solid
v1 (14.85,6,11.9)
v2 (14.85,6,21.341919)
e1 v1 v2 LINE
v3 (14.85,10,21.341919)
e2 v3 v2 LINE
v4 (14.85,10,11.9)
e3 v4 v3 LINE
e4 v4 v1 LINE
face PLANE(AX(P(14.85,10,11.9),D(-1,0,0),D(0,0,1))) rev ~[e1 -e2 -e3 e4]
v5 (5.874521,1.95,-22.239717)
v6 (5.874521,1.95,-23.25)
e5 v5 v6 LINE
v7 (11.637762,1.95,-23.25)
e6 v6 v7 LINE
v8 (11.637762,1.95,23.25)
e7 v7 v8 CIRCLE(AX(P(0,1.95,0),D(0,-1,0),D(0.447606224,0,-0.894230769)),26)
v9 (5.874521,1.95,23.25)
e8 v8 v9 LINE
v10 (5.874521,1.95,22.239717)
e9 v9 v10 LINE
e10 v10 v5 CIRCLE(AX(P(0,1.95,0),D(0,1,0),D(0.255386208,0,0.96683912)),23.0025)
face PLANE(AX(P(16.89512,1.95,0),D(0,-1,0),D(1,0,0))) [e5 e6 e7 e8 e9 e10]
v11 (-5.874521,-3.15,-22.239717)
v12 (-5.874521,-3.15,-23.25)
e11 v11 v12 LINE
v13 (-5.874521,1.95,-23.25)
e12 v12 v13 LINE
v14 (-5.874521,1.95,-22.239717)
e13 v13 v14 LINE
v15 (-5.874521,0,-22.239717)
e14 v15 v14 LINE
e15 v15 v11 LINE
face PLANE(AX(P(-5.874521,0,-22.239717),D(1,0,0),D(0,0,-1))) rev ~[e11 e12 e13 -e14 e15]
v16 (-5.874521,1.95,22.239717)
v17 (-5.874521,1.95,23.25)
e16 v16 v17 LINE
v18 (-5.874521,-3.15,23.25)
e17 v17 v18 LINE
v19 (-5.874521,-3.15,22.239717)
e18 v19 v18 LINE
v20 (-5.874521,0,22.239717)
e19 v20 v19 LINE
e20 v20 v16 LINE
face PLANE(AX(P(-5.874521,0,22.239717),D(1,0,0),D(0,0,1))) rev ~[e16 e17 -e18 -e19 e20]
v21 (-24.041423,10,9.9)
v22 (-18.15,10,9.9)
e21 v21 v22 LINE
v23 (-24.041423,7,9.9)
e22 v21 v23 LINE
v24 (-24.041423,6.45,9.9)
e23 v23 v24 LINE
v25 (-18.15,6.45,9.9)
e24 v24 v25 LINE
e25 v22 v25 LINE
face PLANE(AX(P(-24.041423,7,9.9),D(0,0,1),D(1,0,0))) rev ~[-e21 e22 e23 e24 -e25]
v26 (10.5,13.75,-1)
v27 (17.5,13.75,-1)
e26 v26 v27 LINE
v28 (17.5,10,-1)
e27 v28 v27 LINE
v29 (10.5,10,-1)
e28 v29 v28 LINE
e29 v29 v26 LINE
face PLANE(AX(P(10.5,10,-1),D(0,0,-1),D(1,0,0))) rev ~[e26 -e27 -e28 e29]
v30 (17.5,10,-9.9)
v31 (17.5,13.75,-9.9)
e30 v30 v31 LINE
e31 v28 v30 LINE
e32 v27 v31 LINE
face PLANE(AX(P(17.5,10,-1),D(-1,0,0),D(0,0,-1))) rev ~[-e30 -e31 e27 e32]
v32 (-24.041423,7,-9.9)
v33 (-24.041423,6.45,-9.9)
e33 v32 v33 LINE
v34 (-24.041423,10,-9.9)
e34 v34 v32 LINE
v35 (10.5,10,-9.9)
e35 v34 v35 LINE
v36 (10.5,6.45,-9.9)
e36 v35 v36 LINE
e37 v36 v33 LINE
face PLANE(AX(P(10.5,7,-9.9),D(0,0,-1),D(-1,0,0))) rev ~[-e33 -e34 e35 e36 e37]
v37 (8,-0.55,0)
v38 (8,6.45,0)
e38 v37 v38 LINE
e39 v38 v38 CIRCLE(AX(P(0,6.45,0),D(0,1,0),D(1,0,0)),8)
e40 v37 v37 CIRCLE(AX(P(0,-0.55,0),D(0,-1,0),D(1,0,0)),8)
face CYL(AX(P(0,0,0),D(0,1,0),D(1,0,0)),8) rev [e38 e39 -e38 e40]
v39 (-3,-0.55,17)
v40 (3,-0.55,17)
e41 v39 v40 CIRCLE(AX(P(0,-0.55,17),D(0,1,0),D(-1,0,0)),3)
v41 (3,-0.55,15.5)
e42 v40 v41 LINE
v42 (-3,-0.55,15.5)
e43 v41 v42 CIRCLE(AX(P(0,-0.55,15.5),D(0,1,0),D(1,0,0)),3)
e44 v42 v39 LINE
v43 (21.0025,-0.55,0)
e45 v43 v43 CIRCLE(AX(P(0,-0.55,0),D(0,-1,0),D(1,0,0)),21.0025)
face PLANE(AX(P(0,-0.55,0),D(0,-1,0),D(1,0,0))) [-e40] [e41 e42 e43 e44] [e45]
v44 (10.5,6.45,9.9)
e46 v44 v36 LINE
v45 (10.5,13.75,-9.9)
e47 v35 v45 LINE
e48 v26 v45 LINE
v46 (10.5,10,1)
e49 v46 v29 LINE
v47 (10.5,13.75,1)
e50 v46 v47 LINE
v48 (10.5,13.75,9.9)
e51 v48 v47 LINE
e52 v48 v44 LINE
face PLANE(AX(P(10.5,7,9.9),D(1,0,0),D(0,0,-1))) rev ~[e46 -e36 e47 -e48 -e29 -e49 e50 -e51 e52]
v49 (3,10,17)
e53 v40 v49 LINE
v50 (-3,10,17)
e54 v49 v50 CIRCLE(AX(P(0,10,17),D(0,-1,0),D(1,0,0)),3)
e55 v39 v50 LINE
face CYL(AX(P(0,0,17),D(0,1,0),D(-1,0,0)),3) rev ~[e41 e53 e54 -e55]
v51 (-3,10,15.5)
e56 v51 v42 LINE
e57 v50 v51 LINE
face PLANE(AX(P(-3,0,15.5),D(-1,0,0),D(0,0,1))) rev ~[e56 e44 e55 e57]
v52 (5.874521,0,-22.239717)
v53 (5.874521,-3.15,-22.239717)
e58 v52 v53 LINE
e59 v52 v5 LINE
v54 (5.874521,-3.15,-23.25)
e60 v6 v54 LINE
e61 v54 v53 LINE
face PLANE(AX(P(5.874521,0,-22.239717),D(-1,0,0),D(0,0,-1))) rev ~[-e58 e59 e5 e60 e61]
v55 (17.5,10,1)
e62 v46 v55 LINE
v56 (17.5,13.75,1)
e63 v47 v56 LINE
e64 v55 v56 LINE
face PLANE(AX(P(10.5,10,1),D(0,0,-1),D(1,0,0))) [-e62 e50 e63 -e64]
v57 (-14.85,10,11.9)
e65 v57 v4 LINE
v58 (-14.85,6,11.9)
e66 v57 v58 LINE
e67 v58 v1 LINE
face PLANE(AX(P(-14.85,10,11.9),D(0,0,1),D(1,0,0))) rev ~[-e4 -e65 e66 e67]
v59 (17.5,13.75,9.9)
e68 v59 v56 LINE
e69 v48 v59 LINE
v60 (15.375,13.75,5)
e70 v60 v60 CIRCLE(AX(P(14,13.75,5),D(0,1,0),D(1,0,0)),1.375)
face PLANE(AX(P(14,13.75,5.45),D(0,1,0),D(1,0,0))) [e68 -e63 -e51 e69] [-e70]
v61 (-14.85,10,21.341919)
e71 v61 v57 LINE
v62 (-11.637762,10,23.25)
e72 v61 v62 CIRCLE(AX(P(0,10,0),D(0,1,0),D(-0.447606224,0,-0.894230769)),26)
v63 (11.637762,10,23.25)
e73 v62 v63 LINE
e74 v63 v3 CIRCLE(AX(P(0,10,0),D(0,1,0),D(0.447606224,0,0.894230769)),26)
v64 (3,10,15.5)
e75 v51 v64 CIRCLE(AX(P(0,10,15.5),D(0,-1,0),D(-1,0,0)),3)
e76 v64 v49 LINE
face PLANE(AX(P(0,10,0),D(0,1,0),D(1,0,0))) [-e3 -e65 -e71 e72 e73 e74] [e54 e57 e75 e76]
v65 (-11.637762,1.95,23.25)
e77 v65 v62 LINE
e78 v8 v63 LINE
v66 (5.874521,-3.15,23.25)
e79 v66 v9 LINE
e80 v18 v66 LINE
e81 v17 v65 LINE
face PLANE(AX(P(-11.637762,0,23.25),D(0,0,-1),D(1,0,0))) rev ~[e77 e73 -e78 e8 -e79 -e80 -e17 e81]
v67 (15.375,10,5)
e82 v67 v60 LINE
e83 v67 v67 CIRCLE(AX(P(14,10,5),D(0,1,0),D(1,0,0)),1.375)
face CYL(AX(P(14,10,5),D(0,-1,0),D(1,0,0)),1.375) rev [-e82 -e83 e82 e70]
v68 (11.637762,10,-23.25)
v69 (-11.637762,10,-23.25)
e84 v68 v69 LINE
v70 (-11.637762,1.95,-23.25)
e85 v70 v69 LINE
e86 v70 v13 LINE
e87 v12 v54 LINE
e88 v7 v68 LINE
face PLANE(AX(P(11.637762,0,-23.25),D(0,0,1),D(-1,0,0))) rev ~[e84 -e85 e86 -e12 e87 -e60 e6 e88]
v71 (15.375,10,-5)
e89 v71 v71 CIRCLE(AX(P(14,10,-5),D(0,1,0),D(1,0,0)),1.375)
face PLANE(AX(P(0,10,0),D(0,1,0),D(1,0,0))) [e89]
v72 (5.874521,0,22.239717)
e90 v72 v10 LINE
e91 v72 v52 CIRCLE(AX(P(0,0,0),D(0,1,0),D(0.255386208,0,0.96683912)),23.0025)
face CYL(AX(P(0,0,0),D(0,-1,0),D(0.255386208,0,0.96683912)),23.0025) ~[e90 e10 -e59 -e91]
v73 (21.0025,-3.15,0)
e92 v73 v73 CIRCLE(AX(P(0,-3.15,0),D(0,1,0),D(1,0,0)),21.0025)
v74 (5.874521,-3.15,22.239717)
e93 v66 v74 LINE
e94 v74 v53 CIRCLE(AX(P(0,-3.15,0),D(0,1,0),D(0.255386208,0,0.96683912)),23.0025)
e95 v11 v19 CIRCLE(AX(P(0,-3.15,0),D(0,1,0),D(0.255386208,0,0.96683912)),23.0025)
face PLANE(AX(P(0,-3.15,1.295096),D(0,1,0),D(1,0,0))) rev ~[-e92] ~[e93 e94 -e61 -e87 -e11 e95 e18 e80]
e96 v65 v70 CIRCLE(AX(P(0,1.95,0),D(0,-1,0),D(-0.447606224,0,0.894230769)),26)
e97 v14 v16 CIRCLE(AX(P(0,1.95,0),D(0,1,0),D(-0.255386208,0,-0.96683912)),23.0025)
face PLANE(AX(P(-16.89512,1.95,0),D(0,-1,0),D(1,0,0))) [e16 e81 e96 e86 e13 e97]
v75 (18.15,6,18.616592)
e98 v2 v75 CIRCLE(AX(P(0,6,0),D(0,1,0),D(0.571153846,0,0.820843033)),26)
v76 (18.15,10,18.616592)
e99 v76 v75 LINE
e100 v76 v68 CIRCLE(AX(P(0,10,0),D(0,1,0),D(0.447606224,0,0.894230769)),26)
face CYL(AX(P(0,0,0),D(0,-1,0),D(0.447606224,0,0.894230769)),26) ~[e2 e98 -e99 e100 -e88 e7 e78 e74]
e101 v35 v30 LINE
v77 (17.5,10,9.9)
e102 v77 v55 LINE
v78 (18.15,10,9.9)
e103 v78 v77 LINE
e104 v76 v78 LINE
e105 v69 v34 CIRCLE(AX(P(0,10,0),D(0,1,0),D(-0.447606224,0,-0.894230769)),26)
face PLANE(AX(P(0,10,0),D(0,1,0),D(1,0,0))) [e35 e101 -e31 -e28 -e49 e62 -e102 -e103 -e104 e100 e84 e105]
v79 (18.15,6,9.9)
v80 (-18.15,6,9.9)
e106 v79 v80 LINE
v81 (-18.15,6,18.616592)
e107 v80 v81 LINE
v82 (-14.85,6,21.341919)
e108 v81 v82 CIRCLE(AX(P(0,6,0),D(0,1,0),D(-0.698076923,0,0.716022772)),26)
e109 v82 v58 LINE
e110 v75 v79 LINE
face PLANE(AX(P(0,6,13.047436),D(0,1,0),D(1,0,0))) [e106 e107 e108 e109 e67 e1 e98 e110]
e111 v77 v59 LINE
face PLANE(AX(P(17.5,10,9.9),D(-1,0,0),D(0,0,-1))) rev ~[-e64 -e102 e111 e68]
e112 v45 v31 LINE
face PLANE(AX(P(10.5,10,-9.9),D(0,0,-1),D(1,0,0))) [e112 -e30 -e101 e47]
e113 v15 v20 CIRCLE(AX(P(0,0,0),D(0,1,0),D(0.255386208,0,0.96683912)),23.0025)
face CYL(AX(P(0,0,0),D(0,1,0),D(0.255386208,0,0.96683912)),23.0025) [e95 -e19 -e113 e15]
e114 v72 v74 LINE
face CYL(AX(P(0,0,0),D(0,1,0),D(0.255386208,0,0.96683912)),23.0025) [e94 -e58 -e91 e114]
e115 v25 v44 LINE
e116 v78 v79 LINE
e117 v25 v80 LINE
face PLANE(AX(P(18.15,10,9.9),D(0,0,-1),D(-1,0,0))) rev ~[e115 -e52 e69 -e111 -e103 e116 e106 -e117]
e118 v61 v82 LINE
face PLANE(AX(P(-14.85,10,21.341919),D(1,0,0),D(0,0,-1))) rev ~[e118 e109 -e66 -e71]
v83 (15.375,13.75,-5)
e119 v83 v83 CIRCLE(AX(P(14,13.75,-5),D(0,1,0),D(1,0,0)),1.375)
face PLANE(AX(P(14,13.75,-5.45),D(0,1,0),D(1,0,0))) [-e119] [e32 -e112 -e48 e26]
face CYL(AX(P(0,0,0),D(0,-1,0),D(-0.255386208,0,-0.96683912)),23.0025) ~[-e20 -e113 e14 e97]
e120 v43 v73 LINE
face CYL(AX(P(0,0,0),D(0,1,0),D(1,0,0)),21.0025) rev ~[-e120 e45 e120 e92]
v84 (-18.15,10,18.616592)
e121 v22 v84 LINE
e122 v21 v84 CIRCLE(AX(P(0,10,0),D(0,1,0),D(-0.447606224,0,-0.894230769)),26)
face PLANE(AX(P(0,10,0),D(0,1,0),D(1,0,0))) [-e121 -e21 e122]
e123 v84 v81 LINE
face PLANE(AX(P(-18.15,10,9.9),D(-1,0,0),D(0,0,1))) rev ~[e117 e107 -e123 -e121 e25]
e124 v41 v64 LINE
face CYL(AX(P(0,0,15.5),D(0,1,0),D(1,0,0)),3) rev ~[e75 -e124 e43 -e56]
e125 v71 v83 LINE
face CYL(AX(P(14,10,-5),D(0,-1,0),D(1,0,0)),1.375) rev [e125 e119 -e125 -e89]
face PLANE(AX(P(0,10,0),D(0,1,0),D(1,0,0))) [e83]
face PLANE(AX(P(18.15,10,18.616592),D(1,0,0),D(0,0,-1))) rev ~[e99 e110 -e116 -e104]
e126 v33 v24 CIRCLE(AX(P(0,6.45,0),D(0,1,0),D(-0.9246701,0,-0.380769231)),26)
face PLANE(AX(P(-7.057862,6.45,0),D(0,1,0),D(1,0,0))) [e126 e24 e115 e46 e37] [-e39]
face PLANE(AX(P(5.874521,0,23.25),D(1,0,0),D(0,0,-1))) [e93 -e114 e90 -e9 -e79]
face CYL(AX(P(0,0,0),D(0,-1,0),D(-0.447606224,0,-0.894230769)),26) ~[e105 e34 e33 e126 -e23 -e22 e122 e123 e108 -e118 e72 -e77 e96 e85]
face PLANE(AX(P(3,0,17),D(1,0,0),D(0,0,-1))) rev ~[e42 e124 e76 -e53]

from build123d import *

# Parameters (mm, degrees)
SKETCH1_R           = 8
BOSS_EXTRUDE1_DEPTH = 10
SKETCH1_3_R         = 21.0025
BOSS_EXTRUDE2_DEPTH = 3.15
CUT_EXTRUDE1_DEPTH  = 4
SKETCH3_W           = 36.5
SKETCH3_H           = 19.8
CUT_EXTRUDE2_DEPTH  = 3
SKETCH4_W           = 7
SKETCH4_H           = 8.9
SKETCH4_R           = 1.375
BOSS_EXTRUDE3_DEPTH = 4.3
BOSS_EXTRUDE4_DEPTH = 3.15
CUT_EXTRUDE4_DEPTH  = 1.95
SKETCH9_R           = 21.0025
SKETCH9_R_2         = 8
BOSS_EXTRUDE8_DEPTH = 0.55
SKETCH10_R          = 8
CUT_EXTRUDE5_DEPTH  = 0.55
SKETCH11_W          = 7
SKETCH11_H          = 8.9
SKETCH11_R          = 1.375
CUT_EXTRUDE6_DEPTH  = 0.55


with BuildPart() as part:
    # Sketch1 → Boss-Extrude1 (new body)
    with BuildSketch(Plane(origin=(0, 0, 0), x_dir=(1, 0, 0), z_dir=(0, 1, 0))):
        with BuildLine():
            ThreePointArc((-11.637761812, 23.25), (-26, 0), (-11.637761812, -23.25))
            Line((-11.637761812, -23.25), (11.637761812, -23.25))
            ThreePointArc((11.637761812, -23.25), (26, 0), (11.637761812, 23.25))
            Line((11.637761812, 23.25), (-11.637761812, 23.25))
        make_face()
        Circle(SKETCH1_R, mode=Mode.SUBTRACT)
        with BuildLine():
            ThreePointArc((-3, -15.5), (0, -12.5), (3, -15.5))
            Line((3, -15.5), (3, -17))
            ThreePointArc((3, -17), (0, -20), (-3, -17))
            Line((-3, -17), (-3, -15.5))
        make_face(mode=Mode.SUBTRACT)
    extrude(amount=BOSS_EXTRUDE1_DEPTH)

    # Sketch1_3 → Boss-Extrude2 (add)
    with BuildSketch(Plane(origin=(0, 0, 0), x_dir=(1, 0, 0), z_dir=(0, 1, 0))):
        with BuildLine():
            Line((-5.874521255, -22.239716866), (-5.874521255, -23.25))
            Line((-5.874521255, -23.25), (5.874521255, -23.25))
            Line((5.874521255, -23.25), (5.874521255, -22.239716866))
            ThreePointArc((5.874521255, -22.239716866), (0, 23.0025), (-5.874521255, -22.239716866))
        make_face()
        Circle(SKETCH1_3_R, mode=Mode.SUBTRACT)
    extrude(amount=-BOSS_EXTRUDE2_DEPTH)

    # Sketch2 → Cut-Extrude1 (cut)
    with BuildSketch(Plane(origin=(0, 10, 0), x_dir=(1, 0, 0), z_dir=(0, 1, 0))):
        with BuildLine():
            Line((-18.15, -9.9), (-18.15, -18.616592062))
            ThreePointArc((-18.15, -18.616592062), (-16.556172611, -20.047272844), (-14.85, -21.341918845))
            Line((-14.85, -21.341918845), (-14.85, -11.9))
            Line((-14.85, -11.9), (14.85, -11.9))
            Line((14.85, -11.9), (14.85, -21.341918845))
            ThreePointArc((14.85, -21.341918845), (16.556172611, -20.047272844), (18.15, -18.616592062))
            Line((18.15, -18.616592062), (18.15, -9.9))
            Line((18.15, -9.9), (-18.15, -9.9))
        make_face()
    extrude(amount=-CUT_EXTRUDE1_DEPTH, mode=Mode.SUBTRACT)

    # Sketch3 → Cut-Extrude2 (cut)
    with BuildSketch(Plane(origin=(0, 10, 0), x_dir=(1, 0, 0), z_dir=(0, 1, 0))):
        with Locations((-7.75, 0)):
            Rectangle(SKETCH3_W, SKETCH3_H)
    extrude(amount=-CUT_EXTRUDE2_DEPTH, mode=Mode.SUBTRACT)

    # Sketch4 → Boss-Extrude3 (add)
    with BuildSketch(Plane(origin=(0, 10, 0), x_dir=(1, 0, 0), z_dir=(0, 1, 0))):
        with Locations((14, 5.45)):
            Rectangle(SKETCH4_W, SKETCH4_H)
        with Locations((14, 5)):
            Circle(SKETCH4_R, mode=Mode.SUBTRACT)
        with Locations((14, -5.45)):
            Rectangle(SKETCH4_W, SKETCH4_H)
        with Locations((14, -5)):
            Circle(SKETCH4_R, mode=Mode.SUBTRACT)
    extrude(amount=BOSS_EXTRUDE3_DEPTH)

    # Sketch6 → Boss-Extrude4 (add)
    with BuildSketch(Plane.XZ):
        with BuildLine():
            Line((-5.874521255, -23.25), (5.874521255, -23.25))
            Line((5.874521255, -23.25), (5.874521255, -22.239716866))
            ThreePointArc((5.874521255, -22.239716866), (0, -23.0025), (-5.874521255, -22.239716866))
            Line((-5.874521255, -22.239716866), (-5.874521255, -23.25))
        make_face()
    extrude(amount=BOSS_EXTRUDE4_DEPTH)

    # Sketch8 → Cut-Extrude4 (cut)
    with BuildSketch(Plane.XZ):
        with BuildLine():
            Line((-11.637761812, -23.25), (-5.874521255, -23.25))
            Line((-5.874521255, -23.25), (-5.874521255, -22.239716866))
            ThreePointArc((-5.874521255, -22.239716866), (-23.0025, 0), (-5.874521255, 22.239716866))
            Line((-5.874521255, 22.239716866), (-5.874521255, 23.25))
            Line((-5.874521255, 23.25), (-11.637761812, 23.25))
            ThreePointArc((-11.637761812, 23.25), (-26, 0), (-11.637761812, -23.25))
        make_face()
        with BuildLine():
            Line((5.874521255, 23.25), (5.874521255, 22.239716866))
            ThreePointArc((5.874521255, 22.239716866), (23.0025, 0), (5.874521255, -22.239716866))
            Line((5.874521255, -22.239716866), (5.874521255, -23.25))
            Line((5.874521255, -23.25), (11.637761812, -23.25))
            ThreePointArc((11.637761812, -23.25), (26, 0), (11.637761812, 23.25))
            Line((11.637761812, 23.25), (5.874521255, 23.25))
        make_face()
    extrude(amount=-CUT_EXTRUDE4_DEPTH, mode=Mode.SUBTRACT)

    # Sketch9 → Boss-Extrude8 (add)
    with BuildSketch(Plane.XZ):
        Circle(SKETCH9_R)
        Circle(SKETCH9_R_2, mode=Mode.SUBTRACT)
        with BuildLine():
            Line((-3, 15.5), (-3, 17))
            ThreePointArc((-3, 17), (0, 20), (3, 17))
            Line((3, 17), (3, 15.5))
            ThreePointArc((3, 15.5), (0, 12.5), (-3, 15.5))
        make_face(mode=Mode.SUBTRACT)
    extrude(amount=BOSS_EXTRUDE8_DEPTH)

    # Sketch10 → Cut-Extrude5 (cut)
    with BuildSketch(Plane(origin=(0, 7, 0), x_dir=(1, 0, 0), z_dir=(0, 1, 0))):
        with BuildLine():
            Line((-24.041422587, -9.9), (-18.15, -9.9))
            Line((-18.15, -9.9), (10.5, -9.9))
            Line((10.5, -9.9), (10.5, 9.9))
            Line((10.5, 9.9), (-24.041422587, 9.9))
            ThreePointArc((-24.041422587, 9.9), (-26, 0), (-24.041422587, -9.9))
        make_face()
        Circle(SKETCH10_R, mode=Mode.SUBTRACT)
    extrude(amount=-CUT_EXTRUDE5_DEPTH, mode=Mode.SUBTRACT)

    # Sketch11 → Cut-Extrude6 (cut)
    with BuildSketch(Plane(origin=(0, 14.3, 0), x_dir=(1, 0, 0), z_dir=(0, 1, 0))):
        with Locations((14, -5.45)):
            Rectangle(SKETCH11_W, SKETCH11_H)
        with Locations((14, -5)):
            Circle(SKETCH11_R, mode=Mode.SUBTRACT)
        with Locations((14, 5.45)):
            Rectangle(SKETCH11_W, SKETCH11_H)
        with Locations((14, 5)):
            Circle(SKETCH11_R, mode=Mode.SUBTRACT)
    extrude(amount=-CUT_EXTRUDE6_DEPTH, mode=Mode.SUBTRACT)


solid = part.part
